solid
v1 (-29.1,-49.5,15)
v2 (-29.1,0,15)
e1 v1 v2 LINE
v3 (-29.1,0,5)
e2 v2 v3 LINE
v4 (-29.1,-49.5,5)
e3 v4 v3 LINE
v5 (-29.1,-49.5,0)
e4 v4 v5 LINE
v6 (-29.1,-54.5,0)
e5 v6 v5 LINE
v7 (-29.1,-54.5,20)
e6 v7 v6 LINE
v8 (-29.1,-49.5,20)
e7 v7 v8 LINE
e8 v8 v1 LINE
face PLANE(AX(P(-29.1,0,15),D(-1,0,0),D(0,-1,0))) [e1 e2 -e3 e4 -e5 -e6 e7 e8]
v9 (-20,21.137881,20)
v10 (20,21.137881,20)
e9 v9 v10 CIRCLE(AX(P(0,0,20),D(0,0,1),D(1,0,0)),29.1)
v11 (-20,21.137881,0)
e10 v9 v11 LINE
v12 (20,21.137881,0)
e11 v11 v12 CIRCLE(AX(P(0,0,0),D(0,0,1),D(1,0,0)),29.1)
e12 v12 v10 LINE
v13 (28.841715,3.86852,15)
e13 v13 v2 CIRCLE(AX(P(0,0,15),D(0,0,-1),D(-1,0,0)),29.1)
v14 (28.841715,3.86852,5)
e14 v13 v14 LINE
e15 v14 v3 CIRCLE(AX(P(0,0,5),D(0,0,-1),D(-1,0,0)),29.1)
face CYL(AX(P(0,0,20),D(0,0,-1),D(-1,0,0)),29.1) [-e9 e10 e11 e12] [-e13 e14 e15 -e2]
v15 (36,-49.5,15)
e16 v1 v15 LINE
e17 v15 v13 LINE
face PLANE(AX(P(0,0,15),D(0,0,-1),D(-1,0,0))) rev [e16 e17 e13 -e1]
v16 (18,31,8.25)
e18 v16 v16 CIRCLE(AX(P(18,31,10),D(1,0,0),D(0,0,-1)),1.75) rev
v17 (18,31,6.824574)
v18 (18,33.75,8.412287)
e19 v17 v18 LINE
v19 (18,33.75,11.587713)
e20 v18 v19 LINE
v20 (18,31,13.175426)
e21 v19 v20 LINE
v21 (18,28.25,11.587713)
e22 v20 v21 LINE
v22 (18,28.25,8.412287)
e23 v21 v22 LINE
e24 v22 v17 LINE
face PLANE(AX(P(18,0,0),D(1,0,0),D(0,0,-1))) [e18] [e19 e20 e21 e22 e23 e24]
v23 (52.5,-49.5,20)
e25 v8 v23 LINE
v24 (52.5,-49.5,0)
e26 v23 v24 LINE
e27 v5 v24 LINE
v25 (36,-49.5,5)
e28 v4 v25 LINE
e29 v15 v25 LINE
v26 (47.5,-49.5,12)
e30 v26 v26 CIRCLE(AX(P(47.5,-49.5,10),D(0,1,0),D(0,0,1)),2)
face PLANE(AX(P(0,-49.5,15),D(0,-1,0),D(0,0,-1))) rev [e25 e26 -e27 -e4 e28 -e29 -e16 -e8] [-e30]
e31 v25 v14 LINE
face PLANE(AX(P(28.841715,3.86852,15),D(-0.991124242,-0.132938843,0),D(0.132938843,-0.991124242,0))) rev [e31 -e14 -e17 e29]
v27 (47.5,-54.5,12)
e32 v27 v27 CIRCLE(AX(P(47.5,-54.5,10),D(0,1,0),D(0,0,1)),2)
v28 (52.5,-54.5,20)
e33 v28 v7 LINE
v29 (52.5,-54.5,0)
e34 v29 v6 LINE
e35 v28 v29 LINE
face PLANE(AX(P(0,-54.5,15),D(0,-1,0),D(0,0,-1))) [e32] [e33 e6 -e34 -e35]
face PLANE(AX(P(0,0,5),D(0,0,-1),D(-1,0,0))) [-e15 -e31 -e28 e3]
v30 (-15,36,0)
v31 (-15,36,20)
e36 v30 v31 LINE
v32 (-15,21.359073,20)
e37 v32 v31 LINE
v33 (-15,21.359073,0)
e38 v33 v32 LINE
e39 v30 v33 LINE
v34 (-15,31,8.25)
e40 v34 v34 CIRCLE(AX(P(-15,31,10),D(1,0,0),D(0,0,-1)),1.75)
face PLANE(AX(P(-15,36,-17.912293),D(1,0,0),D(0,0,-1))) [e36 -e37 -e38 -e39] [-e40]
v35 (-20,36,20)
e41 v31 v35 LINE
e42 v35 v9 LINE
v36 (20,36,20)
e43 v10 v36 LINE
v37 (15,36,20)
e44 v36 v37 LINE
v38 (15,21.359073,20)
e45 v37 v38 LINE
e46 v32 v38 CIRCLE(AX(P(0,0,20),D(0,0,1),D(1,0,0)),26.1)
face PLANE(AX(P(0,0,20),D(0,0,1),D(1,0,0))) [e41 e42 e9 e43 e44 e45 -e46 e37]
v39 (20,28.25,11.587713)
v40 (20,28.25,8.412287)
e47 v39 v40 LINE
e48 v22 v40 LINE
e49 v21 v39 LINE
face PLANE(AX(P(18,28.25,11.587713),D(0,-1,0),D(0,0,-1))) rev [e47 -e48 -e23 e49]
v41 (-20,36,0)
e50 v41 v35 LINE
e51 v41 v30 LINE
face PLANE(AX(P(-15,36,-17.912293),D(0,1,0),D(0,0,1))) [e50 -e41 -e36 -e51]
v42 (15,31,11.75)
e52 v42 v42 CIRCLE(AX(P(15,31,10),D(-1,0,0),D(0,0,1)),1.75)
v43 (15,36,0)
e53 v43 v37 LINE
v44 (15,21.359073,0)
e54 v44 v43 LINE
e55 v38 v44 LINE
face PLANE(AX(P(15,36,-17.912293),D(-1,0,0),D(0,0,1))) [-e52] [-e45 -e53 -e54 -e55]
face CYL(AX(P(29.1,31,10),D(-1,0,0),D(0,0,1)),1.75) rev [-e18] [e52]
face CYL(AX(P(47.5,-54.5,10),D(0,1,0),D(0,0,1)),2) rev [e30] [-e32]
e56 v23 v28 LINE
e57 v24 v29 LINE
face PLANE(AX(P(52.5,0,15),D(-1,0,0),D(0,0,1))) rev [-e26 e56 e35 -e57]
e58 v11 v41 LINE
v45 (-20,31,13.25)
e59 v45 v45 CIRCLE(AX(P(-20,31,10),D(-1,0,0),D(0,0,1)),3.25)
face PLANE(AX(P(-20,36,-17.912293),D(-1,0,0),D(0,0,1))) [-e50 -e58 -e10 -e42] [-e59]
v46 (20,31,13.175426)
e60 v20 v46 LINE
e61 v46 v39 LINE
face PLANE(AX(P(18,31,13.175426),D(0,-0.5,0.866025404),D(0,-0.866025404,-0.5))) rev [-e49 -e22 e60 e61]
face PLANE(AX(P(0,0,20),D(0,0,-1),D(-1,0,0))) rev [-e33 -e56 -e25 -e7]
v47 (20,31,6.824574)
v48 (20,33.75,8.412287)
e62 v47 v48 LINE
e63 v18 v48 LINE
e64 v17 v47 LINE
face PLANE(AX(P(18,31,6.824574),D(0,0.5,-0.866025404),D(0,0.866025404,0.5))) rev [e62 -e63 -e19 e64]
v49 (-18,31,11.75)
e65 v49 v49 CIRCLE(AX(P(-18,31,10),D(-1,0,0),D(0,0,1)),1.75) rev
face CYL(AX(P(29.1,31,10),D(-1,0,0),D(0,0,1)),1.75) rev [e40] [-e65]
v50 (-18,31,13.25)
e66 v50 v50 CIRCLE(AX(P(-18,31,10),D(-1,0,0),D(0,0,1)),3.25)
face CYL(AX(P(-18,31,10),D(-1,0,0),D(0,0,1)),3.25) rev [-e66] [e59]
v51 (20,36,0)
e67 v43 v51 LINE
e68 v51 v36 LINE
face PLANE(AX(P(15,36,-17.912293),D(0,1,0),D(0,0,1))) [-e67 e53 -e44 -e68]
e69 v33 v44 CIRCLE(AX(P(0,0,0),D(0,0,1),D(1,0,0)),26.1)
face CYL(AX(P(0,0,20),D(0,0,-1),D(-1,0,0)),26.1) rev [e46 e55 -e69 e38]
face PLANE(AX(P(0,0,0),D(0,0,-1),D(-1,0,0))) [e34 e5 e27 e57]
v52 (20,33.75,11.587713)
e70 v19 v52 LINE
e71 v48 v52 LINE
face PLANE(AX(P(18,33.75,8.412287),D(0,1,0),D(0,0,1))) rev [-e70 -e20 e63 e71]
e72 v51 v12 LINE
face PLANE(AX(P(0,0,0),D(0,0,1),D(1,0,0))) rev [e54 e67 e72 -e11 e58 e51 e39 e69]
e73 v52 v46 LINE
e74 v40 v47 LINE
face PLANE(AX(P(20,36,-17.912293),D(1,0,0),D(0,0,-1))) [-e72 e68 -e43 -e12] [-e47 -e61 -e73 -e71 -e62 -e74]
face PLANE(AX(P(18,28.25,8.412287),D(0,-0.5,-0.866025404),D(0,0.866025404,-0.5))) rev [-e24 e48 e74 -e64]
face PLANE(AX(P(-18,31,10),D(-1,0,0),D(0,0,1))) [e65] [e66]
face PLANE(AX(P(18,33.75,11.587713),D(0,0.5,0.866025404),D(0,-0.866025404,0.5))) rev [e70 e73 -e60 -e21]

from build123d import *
from build123d.topology import SkipClean

# Parameters (mm, degrees)
SCHIZZO1_R                   = 29.1
SCHIZZO1_R_2                 = 26.1
ESTRUSIONE_ESTRUSIONE1_DEPTH = 20
SCHIZZO2_W                   = 5
SCHIZZO2_H                   = 17.200297627
ESTRUSIONE_ESTRUSIONE2_DEPTH = 20
SCHIZZO3_W                   = 30
SCHIZZO3_H                   = 16.910350343
TAGLIO_ESTRUSIONE1_DEPTH     = 51.426282829
TAGLIO_ESTRUSIONE3_DEPTH     = 51.426282829
SCHIZZO5_R                   = 1.75
TAGLIO_ESTRUSIONE4_DEPTH     = 65.084397477
SCHIZZO6_R                   = 3.25
TAGLIO_ESTRUSIONE5_DEPTH     = 2
TAGLIO_ESTRUSIONE6_DEPTH     = 2
ESTRUSIONE_ESTRUSIONE3_START = -5
ESTRUSIONE_ESTRUSIONE3_DEPTH = 10
ESTRUSIONE_ESTRUSIONE4_START = 5
SCHIZZO10_W                  = 81.6
SCHIZZO10_H                  = 5
ESTRUSIONE_ESTRUSIONE4_DEPTH = 20
SCHIZZO9_R                   = 2
TAGLIO_ESTRUSIONE7_DEPTH     = 103.305913808


with BuildPart() as part:
    # Schizzo1 → Estrusione-Estrusione1 (new body)
    with BuildSketch(Plane.XY):
        Circle(SCHIZZO1_R)
        Circle(SCHIZZO1_R_2, mode=Mode.SUBTRACT)
    extrude(amount=ESTRUSIONE_ESTRUSIONE1_DEPTH)

    # Schizzo2 → Estrusione-Estrusione2 (add)
    with BuildSketch(Plane.XY.offset(20)):
        with Locations((-17.5, 27.399851187)):
            Rectangle(SCHIZZO2_W, SCHIZZO2_H)
        with Locations((17.5, 27.399851187)):
            Rectangle(SCHIZZO2_W, SCHIZZO2_H)
    extrude(amount=-ESTRUSIONE_ESTRUSIONE2_DEPTH)

    # Schizzo3 → Taglio-Estrusione1 (cut, through all)
    with BuildSketch(Plane.XY.offset(20)):
        with Locations((0, 27.544824829)):
            Rectangle(SCHIZZO3_W, SCHIZZO3_H)
    extrude(amount=-TAGLIO_ESTRUSIONE1_DEPTH, mode=Mode.SUBTRACT)

    # Schizzo4 → Taglio-Estrusione3 (cut, through all)
    with SkipClean():  # the faces are left unmerged after this step: merging them gives an invalid solid
        with BuildSketch(Plane.XY.offset(20)):
            with BuildLine():
                Line((-15, 18.799702373), (-18.104728407, 18.799702373))
                ThreePointArc((-18.104728407, 18.799702373), (-10.214611803, -24.01815367), (26.1, 0))
                ThreePointArc((26.1, 0), (24.01815367, 10.214611803), (18.104728407, 18.799702373))
                Line((18.104728407, 18.799702373), (15, 18.799702373))
                Line((15, 18.799702373), (15, 21.359073014))
                ThreePointArc((15, 21.359073014), (0, 26.1), (-15, 21.359073014))
                Line((-15, 21.359073014), (-15, 18.799702373))
            make_face()
            with BuildLine():
                ThreePointArc((-15, 21.359073014), (-16.601757595, 20.139305965), (-18.104728407, 18.799702373))
                Line((-18.104728407, 18.799702373), (-15, 18.799702373))
                Line((-15, 18.799702373), (-15, 21.359073014))
            make_face()
            with BuildLine():
                Line((15, 18.799702373), (18.104728407, 18.799702373))
                ThreePointArc((18.104728407, 18.799702373), (16.601757595, 20.139305965), (15, 21.359073014))
                Line((15, 21.359073014), (15, 18.799702373))
            make_face()
        extrude(amount=-TAGLIO_ESTRUSIONE3_DEPTH, mode=Mode.SUBTRACT)

    # Schizzo5 → Taglio-Estrusione4 (cut, through all)
    with SkipClean():  # the faces are left unmerged after this step: merging them gives an invalid solid
        with BuildSketch(Plane.ZY.offset(20)):
            with Locations((10, 31)):
                Circle(SCHIZZO5_R)
        extrude(amount=-TAGLIO_ESTRUSIONE4_DEPTH, mode=Mode.SUBTRACT)

    # Schizzo6 → Taglio-Estrusione5 (cut)
    with SkipClean():  # the faces are left unmerged after this step: merging them gives an invalid solid
        with BuildSketch(Plane.ZY.offset(20)):
            with Locations((10, 31)):
                Circle(SCHIZZO6_R)
        extrude(amount=-TAGLIO_ESTRUSIONE5_DEPTH, mode=Mode.SUBTRACT)

    # Schizzo7 → Taglio-Estrusione6 (cut)
    with SkipClean():  # the faces are left unmerged after this step: merging them gives an invalid solid
        with BuildSketch(Plane(origin=(20, 0, 0), x_dir=(0, 0, -1), z_dir=(1, 0, 0))):
            Polygon((-8.41228676, 28.25), (-6.824573519, 31), (-8.41228676, 33.75), (-11.58771324, 33.75), (-13.175426481, 31), (-11.58771324, 28.25), align=None)
        extrude(amount=-TAGLIO_ESTRUSIONE6_DEPTH, mode=Mode.SUBTRACT)

    # Schizzo8 → Estrusione-Estrusione3 (add)
    with SkipClean():  # the faces are left unmerged after this step: merging them gives an invalid solid
        with BuildSketch(Plane(origin=(0, 0, 0), x_dir=(-1, 0, 0), z_dir=(0, 0, -1)).offset(ESTRUSIONE_ESTRUSIONE3_START)):
            with BuildLine():
                Line((-52.5, -49.5), (-52.5, -54.5))
                Line((-52.5, -54.5), (29.1, -54.5))
                Line((29.1, -54.5), (29.1, 0))
                ThreePointArc((29.1, 0), (-1.93856651, -29.035357065), (-28.841715456, 3.868520332))
                Line((-28.841715456, 3.868520332), (-36, -49.5))
                Line((-36, -49.5), (-52.5, -49.5))
            make_face()
            with BuildLine():
                ThreePointArc((-28.841715456, 3.868520332), (-1.93856651, -29.035357065), (29.1, 0))
                Line((29.1, 0), (26.099231032, 0.2003485))
                ThreePointArc((26.099231032, 0.2003485), (-1.738714293, -26.042021285), (-25.840946488, 3.668171832))
                Line((-25.840946488, 3.668171832), (-28.841715456, 3.868520332))
            make_face()
        extrude(amount=-ESTRUSIONE_ESTRUSIONE3_DEPTH)

    # Schizzo10 → Estrusione-Estrusione4 (add)
    with SkipClean():  # the faces are left unmerged after this step: merging them gives an invalid solid
        with BuildSketch(Plane(origin=(0, 0, 5), x_dir=(-1, 0, 0), z_dir=(0, 0, -1)).offset(ESTRUSIONE_ESTRUSIONE4_START)):
            with Locations((-11.7, -52)):
                Rectangle(SCHIZZO10_W, SCHIZZO10_H)
        extrude(amount=-ESTRUSIONE_ESTRUSIONE4_DEPTH)

    # Schizzo9 → Taglio-Estrusione7 (cut, through all)
    with SkipClean():  # the faces are left unmerged after this step: merging them gives an invalid solid
        with BuildSketch(Plane(origin=(0, -49.5, 0), x_dir=(1, 0, 0), z_dir=(0, 1, 0))):
            with Locations(Location((47.5, -10, 0), (0, 0, 270))):
                Circle(SCHIZZO9_R)
        extrude(amount=-TAGLIO_ESTRUSIONE7_DEPTH, mode=Mode.SUBTRACT)


solid = part.part
